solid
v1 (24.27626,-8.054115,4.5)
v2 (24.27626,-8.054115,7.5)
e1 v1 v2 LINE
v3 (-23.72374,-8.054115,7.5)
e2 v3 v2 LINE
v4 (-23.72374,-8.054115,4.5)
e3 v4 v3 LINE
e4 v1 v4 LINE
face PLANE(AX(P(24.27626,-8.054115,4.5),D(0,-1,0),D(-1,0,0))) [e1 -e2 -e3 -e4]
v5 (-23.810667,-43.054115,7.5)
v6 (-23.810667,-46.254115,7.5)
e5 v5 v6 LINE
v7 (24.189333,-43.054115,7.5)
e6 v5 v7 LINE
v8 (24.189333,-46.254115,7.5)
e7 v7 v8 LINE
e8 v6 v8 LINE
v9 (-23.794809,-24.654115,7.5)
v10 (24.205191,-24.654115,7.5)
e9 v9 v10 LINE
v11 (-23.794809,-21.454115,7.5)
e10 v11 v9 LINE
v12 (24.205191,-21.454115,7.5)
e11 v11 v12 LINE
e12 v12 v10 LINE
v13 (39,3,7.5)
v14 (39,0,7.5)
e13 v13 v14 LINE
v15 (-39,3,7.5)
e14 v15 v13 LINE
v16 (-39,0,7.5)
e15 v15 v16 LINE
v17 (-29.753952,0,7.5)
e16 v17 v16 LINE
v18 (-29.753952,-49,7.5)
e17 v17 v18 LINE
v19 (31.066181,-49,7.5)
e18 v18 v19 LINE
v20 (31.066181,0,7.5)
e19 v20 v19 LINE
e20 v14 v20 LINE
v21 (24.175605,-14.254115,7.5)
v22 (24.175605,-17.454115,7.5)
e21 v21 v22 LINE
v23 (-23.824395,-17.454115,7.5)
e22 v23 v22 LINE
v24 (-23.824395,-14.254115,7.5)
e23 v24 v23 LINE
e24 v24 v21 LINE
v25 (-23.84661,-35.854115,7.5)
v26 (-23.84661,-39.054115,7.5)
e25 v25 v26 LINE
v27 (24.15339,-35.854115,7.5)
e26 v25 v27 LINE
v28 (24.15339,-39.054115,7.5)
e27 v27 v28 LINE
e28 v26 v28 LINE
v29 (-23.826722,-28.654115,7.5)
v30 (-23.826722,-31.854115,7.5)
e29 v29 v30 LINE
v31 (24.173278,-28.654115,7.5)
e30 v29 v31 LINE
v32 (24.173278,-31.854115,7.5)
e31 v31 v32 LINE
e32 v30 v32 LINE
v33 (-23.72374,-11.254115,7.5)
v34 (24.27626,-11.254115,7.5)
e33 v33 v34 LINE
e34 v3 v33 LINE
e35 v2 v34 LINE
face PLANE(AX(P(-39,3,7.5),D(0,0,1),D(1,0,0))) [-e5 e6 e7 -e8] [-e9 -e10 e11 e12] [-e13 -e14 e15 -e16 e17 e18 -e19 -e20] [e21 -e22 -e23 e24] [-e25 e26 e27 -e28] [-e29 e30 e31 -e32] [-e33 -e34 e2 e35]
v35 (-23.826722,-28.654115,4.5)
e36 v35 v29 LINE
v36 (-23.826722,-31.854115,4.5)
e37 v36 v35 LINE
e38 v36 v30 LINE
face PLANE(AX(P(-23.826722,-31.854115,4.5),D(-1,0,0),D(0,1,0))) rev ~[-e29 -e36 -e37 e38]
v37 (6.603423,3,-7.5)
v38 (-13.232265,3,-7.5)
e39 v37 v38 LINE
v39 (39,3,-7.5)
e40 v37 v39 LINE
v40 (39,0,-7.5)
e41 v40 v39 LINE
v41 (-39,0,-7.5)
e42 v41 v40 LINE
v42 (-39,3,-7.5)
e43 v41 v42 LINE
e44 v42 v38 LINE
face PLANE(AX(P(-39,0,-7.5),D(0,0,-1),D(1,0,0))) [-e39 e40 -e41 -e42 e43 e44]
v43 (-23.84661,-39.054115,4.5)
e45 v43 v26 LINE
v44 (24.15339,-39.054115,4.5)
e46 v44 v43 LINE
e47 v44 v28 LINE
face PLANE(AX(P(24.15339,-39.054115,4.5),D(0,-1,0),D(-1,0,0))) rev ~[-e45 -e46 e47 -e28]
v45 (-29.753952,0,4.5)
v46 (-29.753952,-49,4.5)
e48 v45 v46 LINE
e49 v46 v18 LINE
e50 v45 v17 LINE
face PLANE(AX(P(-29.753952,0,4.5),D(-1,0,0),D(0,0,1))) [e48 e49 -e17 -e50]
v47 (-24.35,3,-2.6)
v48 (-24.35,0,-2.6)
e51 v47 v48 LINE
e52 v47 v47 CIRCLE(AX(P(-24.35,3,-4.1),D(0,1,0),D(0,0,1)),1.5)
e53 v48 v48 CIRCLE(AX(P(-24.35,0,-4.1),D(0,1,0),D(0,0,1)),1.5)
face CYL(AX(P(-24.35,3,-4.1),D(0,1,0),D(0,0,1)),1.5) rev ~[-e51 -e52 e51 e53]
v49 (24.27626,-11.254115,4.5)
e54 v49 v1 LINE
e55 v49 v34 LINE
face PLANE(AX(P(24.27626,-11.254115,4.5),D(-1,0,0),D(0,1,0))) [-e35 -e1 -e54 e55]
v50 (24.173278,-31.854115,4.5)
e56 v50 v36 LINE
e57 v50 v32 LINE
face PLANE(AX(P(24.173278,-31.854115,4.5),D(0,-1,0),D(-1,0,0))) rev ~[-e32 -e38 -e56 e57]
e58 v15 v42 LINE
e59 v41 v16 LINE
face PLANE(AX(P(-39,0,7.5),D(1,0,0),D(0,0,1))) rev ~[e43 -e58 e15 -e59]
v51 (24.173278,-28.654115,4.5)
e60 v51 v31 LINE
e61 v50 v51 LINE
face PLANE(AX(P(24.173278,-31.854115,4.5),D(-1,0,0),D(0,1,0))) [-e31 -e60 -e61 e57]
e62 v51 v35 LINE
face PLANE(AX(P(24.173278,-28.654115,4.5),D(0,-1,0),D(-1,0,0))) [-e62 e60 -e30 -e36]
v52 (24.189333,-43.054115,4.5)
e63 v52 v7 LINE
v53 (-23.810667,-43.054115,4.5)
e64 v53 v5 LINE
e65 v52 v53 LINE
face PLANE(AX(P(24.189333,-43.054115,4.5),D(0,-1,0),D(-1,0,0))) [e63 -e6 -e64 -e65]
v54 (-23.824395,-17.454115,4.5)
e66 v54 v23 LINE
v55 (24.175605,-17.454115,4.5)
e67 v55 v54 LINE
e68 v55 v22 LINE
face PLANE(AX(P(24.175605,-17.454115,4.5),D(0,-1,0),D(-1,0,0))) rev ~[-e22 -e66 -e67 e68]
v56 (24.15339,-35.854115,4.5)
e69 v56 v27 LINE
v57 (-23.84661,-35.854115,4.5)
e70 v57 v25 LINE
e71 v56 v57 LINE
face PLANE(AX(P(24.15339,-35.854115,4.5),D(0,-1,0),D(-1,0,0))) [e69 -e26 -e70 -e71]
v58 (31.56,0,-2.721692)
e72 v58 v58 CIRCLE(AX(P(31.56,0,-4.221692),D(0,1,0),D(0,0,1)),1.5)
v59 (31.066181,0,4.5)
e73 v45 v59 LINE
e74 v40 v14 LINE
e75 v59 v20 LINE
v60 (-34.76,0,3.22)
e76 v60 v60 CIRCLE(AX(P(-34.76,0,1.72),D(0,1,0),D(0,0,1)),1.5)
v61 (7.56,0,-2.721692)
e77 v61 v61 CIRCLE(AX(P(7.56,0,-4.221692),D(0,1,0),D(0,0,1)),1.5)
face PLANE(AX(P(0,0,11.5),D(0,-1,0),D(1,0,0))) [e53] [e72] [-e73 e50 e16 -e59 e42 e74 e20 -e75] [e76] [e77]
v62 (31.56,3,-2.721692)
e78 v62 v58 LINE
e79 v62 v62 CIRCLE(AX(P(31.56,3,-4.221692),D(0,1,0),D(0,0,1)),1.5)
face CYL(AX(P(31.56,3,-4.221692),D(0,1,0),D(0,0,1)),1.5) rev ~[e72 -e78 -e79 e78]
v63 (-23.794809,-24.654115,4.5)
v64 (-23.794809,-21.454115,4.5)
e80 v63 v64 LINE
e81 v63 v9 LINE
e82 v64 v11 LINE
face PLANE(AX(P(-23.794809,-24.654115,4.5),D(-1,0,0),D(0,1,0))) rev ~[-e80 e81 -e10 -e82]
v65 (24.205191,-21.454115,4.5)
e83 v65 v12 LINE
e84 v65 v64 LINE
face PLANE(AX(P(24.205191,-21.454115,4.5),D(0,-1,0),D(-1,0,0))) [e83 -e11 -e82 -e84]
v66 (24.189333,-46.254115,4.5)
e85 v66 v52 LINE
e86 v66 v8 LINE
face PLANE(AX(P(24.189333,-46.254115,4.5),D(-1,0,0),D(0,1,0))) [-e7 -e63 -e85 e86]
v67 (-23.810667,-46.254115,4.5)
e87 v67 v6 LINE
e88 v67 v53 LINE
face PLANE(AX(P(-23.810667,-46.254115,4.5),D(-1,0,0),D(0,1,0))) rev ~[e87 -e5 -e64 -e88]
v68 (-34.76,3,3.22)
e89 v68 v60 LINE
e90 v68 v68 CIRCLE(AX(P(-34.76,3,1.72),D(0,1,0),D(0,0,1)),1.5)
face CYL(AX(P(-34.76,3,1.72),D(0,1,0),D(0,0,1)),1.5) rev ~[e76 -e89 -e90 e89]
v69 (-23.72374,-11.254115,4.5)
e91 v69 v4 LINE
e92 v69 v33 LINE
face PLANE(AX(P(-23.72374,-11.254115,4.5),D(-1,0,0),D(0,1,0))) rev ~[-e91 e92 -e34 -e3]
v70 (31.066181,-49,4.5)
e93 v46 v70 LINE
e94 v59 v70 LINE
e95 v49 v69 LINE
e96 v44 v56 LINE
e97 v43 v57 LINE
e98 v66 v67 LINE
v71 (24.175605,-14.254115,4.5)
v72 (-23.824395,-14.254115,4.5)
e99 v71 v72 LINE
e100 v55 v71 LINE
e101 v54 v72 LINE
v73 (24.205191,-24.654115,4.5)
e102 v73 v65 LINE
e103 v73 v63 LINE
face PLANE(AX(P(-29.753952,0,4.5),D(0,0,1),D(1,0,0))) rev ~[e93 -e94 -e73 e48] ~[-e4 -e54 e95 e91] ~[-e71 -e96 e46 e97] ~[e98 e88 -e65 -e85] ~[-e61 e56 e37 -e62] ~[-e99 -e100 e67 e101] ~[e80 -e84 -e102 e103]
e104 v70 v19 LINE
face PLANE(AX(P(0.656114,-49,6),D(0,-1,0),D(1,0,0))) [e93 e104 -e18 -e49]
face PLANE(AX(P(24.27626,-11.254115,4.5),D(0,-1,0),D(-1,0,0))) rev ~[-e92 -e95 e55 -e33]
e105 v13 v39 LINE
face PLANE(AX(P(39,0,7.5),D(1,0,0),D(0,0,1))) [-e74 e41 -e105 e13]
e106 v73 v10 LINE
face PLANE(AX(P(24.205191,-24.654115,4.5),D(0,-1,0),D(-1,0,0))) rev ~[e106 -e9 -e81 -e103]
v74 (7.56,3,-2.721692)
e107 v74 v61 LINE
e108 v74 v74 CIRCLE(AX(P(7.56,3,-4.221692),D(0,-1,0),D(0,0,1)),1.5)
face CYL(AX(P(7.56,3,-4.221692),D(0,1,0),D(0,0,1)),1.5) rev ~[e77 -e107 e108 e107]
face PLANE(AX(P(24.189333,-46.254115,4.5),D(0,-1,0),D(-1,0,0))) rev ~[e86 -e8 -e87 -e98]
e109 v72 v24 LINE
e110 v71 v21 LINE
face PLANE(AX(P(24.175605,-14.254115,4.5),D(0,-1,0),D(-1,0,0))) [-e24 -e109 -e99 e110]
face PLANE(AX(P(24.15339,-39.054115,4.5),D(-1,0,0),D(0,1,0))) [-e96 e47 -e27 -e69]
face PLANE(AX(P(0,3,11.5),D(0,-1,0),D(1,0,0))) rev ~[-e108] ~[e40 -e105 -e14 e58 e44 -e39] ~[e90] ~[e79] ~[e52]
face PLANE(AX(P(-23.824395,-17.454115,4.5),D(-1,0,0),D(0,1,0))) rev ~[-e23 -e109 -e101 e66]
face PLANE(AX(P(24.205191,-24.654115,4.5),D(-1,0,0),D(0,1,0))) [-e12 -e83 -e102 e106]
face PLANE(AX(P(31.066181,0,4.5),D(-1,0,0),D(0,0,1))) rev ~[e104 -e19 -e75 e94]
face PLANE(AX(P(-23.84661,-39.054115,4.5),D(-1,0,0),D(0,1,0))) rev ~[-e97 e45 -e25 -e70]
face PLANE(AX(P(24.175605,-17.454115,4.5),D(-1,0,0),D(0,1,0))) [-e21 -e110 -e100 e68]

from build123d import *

# Parameters (mm, degrees)
SKETCH_1_W                = 78
SKETCH_1_H                = 15
EXTRUDE_1_DEPTH           = 3
SKETCH_3_R                = 1.5
CUT_EXTRUDE_1_DEPTH       = 3
SKETCH_4_R                = 6
EXTRUDE_2_DEPTH           = 18
SKETCH_5_R                = 4.5
CUT_EXTRUDE_2_DEPTH       = 21
F_2_0MM_2_D               = 3
F_2_0MM_2_DEPTH           = 4.5
F_2_0MM_2_TIP             = 1.5
F_2_0MM_2_ON_FACE_2_D     = 3
F_2_0MM_2_ON_FACE_2_DEPTH = 4.5
F_2_0MM_2_ON_FACE_2_TIP   = 1.5
SKETCH_10_W               = 6
SKETCH_10_H               = 10
CUT_EXTRUDE_3_DEPTH       = 7
SKETCH_13_W               = 19.835687411
SKETCH_13_H               = 21.610205193
CUT_EXTRUDE_4_DEPTH       = 20
SKETCH_14_W               = 11.523038103
SKETCH_14_H               = 10.49031299
EXTRUDE_3_DEPTH           = 3
SKETCH_18_W               = 78
SKETCH_18_H               = 8
EXTRUDE_4_DEPTH           = 3
SKETCH_19_W               = 36.767904102
SKETCH_19_H               = 2.5
EXTRUDE_5_DEPTH           = 12.5
SKETCH_23_R               = 1.65
CUT_EXTRUDE_6_DEPTH       = 12.5
SKETCH_25_W               = 4.236607592
SKETCH_25_H               = 5.36409187
EXTRUDE_7_DEPTH           = 2.5
SKETCH_26_R               = 1.6
CUT_EXTRUDE_7_DEPTH       = 2.5
SKETCH_27_W               = 21.346012392
SKETCH_27_H               = 6.594354882
EXTRUDE_8_DEPTH           = 2.5
SKETCH_28_W               = 36.767231154
SKETCH_28_H               = 5.91819544
EXTRUDE_9_DEPTH           = 2.5
SKETCH_29_W               = 27.660340415
SKETCH_29_H               = 3.5
CUT_EXTRUDE_9_DEPTH       = 2.5
SKETCH_30_W               = 78
SKETCH_30_H               = 8
CUT_EXTRUDE_10_DEPTH      = 100
SKETCH_31_W               = 60.820132647
SKETCH_31_H               = 3
EXTRUDE_10_DEPTH          = 49
SKETCH_32_W               = 48
SKETCH_32_H               = 3.2
CUT_EXTRUDE_11_DEPTH      = 49


with BuildPart() as part:
    # 草图1 → 凸台-拉伸1 (new body)
    with BuildSketch(Plane(origin=(0, 0, 0), x_dir=(1, 0, 0), z_dir=(0, 1, 0))):
        Rectangle(SKETCH_1_W, SKETCH_1_H)
    extrude(amount=EXTRUDE_1_DEPTH)

    # 草图3 → 切除-拉伸1 (cut)
    with BuildSketch(Plane(origin=(0, 3, 0), x_dir=(1, 0, 0), z_dir=(0, 1, 0))):
        with Locations(Location((-34.76, -1.72, 0), (0, 0, 270))):
            Circle(SKETCH_3_R)
        with Locations(Location((-24.35, 4.1, 0), (0, 0, 270))):
            Circle(SKETCH_3_R)
        with Locations(Location((31.56, 4.221692081, 0), (0, 0, 270))):
            Circle(SKETCH_3_R)
        with Locations(Location((7.56, 4.221692081, 0), (0, 0, 270))):
            Circle(SKETCH_3_R)
    extrude(amount=-CUT_EXTRUDE_1_DEPTH, mode=Mode.SUBTRACT)

    # 草图4 → 凸台-拉伸2 (add)
    with BuildSketch(Plane(origin=(0, 3, 0), x_dir=(1, 0, 0), z_dir=(0, 1, 0))):
        with Locations(Location((-3, -1.234165229, 0), (0, 0, 270))):
            Circle(SKETCH_4_R)
    extrude(amount=EXTRUDE_2_DEPTH)

    # 草图5 → 切除-拉伸2 (cut)
    with BuildSketch(Plane(origin=(0, 21, 0), x_dir=(1, 0, 0), z_dir=(0, 1, 0))):
        with Locations(Location((-3, -1.234165229, 0), (0, 0, 270))):
            Circle(SKETCH_5_R)
    extrude(amount=-CUT_EXTRUDE_2_DEPTH, mode=Mode.SUBTRACT)

    # Ø2.0mm 暗销孔2
    with Locations(Plane(origin=(-7.901331048, 17.342107422, 4.694938836), x_dir=(-0.576795601176, 0, -0.816888507977), z_dir=(-0.816888507977, 0, 0.576795601176))):
        with Locations((0, 0)):
            Hole(F_2_0MM_2_D / 2, depth=F_2_0MM_2_DEPTH)
            with Locations((0, 0, -(F_2_0MM_2_DEPTH + F_2_0MM_2_TIP / 2))):  # 90° drill point
                Cone(0, F_2_0MM_2_D / 2, F_2_0MM_2_TIP, mode=Mode.SUBTRACT)

    # Ø2.0mm 暗销孔2 on face 2
    with Locations(Plane(origin=(1.071764877, 17.164817099, 5.641061052), x_dir=(0.734483043181, 0, -0.678627039897), z_dir=(0.678627039897, 0, 0.734483043181))):
        with Locations((0, 0)):
            Hole(F_2_0MM_2_ON_FACE_2_D / 2, depth=F_2_0MM_2_ON_FACE_2_DEPTH)
            with Locations((0, 0, -(F_2_0MM_2_ON_FACE_2_DEPTH + F_2_0MM_2_ON_FACE_2_TIP / 2))):  # 90° drill point
                Cone(0, F_2_0MM_2_ON_FACE_2_D / 2, F_2_0MM_2_ON_FACE_2_TIP, mode=Mode.SUBTRACT)

    # 草图10 → 切除-拉伸3 (cut)
    with BuildSketch(Plane(origin=(0, 0, -7.5), x_dir=(-1, 0, 0), z_dir=(0, 0, -1))):
        with Locations((3, 8)):
            Rectangle(SKETCH_10_W, SKETCH_10_H)
    extrude(amount=-CUT_EXTRUDE_3_DEPTH, mode=Mode.SUBTRACT)

    # 草图13 → 切除-拉伸4 (cut)
    with BuildSketch(Plane(origin=(0, 0, -7.5), x_dir=(-1, 0, 0), z_dir=(0, 0, -1))):
        with Locations((3.314421038, 13.805102597)):
            Rectangle(SKETCH_13_W, SKETCH_13_H)
    extrude(amount=-CUT_EXTRUDE_4_DEPTH, mode=Mode.SUBTRACT)

    # 草图14 → 凸台-拉伸3 (add)
    with BuildSketch(Plane(origin=(0, 3, 0), x_dir=(1, 0, 0), z_dir=(0, 1, 0))):
        with Locations((-2.989467433, -1.263493391)):
            Rectangle(SKETCH_14_W, SKETCH_14_H)
    extrude(amount=-EXTRUDE_3_DEPTH)

    # 草图18 → 凸台-拉伸4 (add)
    with BuildSketch(Plane.XZ):
        with Locations((0, 11.5)):
            Rectangle(SKETCH_18_W, SKETCH_18_H)
    extrude(amount=-EXTRUDE_4_DEPTH)

    # 草图19 → 凸台-拉伸5 (add)
    with BuildSketch(Plane.XZ):
        with Locations((0.839237194, 14.25)):
            Rectangle(SKETCH_19_W, SKETCH_19_H)
    extrude(amount=EXTRUDE_5_DEPTH)

    # 草图23 → 切除-拉伸6 (cut)
    with BuildSketch(Plane(origin=(0, 0, 13), x_dir=(-1, 0, 0), z_dir=(0, 0, -1))):
        with Locations((-8.603189245, -6.05592298)):
            Circle(SKETCH_23_R)
        with Locations((2.596810755, -6.05592298)):
            Circle(SKETCH_23_R)
    extrude(amount=-CUT_EXTRUDE_6_DEPTH, mode=Mode.SUBTRACT)

    # 草图25 → 凸台-拉伸7 (add)
    with BuildSketch(Plane(origin=(0, 0, 13), x_dir=(-1, 0, 0), z_dir=(0, 0, -1))):
        with Locations((2.330668631, -6.426480946)):
            Rectangle(SKETCH_25_W, SKETCH_25_H)
    extrude(amount=-EXTRUDE_7_DEPTH)

    # 草图26 → 切除-拉伸7 (cut)
    with BuildSketch(Plane(origin=(0, 0, 13), x_dir=(-1, 0, 0), z_dir=(0, 0, -1))):
        with Locations((4.196810755, -6.05592298)):
            Circle(SKETCH_26_R)
    extrude(amount=-CUT_EXTRUDE_7_DEPTH, mode=Mode.SUBTRACT)

    # 草图27 → 凸台-拉伸8 (add)
    with BuildSketch(Plane(origin=(0, 0, 13), x_dir=(-1, 0, 0), z_dir=(0, 0, -1))):
        with Locations((-2.379316694, -6.691741876)):
            Rectangle(SKETCH_27_W, SKETCH_27_H)
    extrude(amount=-EXTRUDE_8_DEPTH)

    # 草图28 → 凸台-拉伸9 (add)
    with BuildSketch(Plane(origin=(0, 0, 13), x_dir=(-1, 0, 0), z_dir=(0, 0, -1))):
        with Locations((-0.839573668, -15.45909772)):
            Rectangle(SKETCH_28_W, SKETCH_28_H)
    extrude(amount=-EXTRUDE_9_DEPTH)

    # 草图29 → 切除-拉伸9 (cut)
    with BuildSketch(Plane(origin=(0, 0, 13), x_dir=(-1, 0, 0), z_dir=(0, 0, -1))):
        with Locations((-0.633763758, -13.394190827)):
            Rectangle(SKETCH_29_W, SKETCH_29_H)
    extrude(amount=-CUT_EXTRUDE_9_DEPTH, mode=Mode.SUBTRACT)

    # 草图30 → 切除-拉伸10 (cut)
    with BuildSketch(Plane(origin=(0, 3, 0), x_dir=(1, 0, 0), z_dir=(0, 1, 0))):
        with Locations((0, -11.5)):
            Rectangle(SKETCH_30_W, SKETCH_30_H)
    extrude(amount=-CUT_EXTRUDE_10_DEPTH, mode=Mode.SUBTRACT)

    # 草图31 → 凸台-拉伸10 (add)
    with BuildSketch(Plane.XZ):
        with Locations((0.65611444, 6)):
            Rectangle(SKETCH_31_W, SKETCH_31_H)
    extrude(amount=EXTRUDE_10_DEPTH)

    # 草图32 → 切除-拉伸11 (cut)
    with BuildSketch(Plane(origin=(0, 0, 4.5), x_dir=(-1, 0, 0), z_dir=(0, 0, -1))):
        with Locations((-0.175604554, -15.854114518)):
            Rectangle(SKETCH_32_W, SKETCH_32_H)
        with Locations((-0.205191163, -23.054114518)):
            Rectangle(SKETCH_32_W, SKETCH_32_H)
        with Locations((-0.173277927, -30.254114518)):
            Rectangle(SKETCH_32_W, SKETCH_32_H)
        with Locations((-0.15338956, -37.454114518)):
            Rectangle(SKETCH_32_W, SKETCH_32_H)
        with Locations((-0.189333293, -44.654114518)):
            Rectangle(SKETCH_32_W, SKETCH_32_H)
        with Locations((-0.276259634, -9.654114518)):
            Rectangle(SKETCH_32_W, SKETCH_32_H)
    extrude(amount=-CUT_EXTRUDE_11_DEPTH, mode=Mode.SUBTRACT)


solid = part.part
